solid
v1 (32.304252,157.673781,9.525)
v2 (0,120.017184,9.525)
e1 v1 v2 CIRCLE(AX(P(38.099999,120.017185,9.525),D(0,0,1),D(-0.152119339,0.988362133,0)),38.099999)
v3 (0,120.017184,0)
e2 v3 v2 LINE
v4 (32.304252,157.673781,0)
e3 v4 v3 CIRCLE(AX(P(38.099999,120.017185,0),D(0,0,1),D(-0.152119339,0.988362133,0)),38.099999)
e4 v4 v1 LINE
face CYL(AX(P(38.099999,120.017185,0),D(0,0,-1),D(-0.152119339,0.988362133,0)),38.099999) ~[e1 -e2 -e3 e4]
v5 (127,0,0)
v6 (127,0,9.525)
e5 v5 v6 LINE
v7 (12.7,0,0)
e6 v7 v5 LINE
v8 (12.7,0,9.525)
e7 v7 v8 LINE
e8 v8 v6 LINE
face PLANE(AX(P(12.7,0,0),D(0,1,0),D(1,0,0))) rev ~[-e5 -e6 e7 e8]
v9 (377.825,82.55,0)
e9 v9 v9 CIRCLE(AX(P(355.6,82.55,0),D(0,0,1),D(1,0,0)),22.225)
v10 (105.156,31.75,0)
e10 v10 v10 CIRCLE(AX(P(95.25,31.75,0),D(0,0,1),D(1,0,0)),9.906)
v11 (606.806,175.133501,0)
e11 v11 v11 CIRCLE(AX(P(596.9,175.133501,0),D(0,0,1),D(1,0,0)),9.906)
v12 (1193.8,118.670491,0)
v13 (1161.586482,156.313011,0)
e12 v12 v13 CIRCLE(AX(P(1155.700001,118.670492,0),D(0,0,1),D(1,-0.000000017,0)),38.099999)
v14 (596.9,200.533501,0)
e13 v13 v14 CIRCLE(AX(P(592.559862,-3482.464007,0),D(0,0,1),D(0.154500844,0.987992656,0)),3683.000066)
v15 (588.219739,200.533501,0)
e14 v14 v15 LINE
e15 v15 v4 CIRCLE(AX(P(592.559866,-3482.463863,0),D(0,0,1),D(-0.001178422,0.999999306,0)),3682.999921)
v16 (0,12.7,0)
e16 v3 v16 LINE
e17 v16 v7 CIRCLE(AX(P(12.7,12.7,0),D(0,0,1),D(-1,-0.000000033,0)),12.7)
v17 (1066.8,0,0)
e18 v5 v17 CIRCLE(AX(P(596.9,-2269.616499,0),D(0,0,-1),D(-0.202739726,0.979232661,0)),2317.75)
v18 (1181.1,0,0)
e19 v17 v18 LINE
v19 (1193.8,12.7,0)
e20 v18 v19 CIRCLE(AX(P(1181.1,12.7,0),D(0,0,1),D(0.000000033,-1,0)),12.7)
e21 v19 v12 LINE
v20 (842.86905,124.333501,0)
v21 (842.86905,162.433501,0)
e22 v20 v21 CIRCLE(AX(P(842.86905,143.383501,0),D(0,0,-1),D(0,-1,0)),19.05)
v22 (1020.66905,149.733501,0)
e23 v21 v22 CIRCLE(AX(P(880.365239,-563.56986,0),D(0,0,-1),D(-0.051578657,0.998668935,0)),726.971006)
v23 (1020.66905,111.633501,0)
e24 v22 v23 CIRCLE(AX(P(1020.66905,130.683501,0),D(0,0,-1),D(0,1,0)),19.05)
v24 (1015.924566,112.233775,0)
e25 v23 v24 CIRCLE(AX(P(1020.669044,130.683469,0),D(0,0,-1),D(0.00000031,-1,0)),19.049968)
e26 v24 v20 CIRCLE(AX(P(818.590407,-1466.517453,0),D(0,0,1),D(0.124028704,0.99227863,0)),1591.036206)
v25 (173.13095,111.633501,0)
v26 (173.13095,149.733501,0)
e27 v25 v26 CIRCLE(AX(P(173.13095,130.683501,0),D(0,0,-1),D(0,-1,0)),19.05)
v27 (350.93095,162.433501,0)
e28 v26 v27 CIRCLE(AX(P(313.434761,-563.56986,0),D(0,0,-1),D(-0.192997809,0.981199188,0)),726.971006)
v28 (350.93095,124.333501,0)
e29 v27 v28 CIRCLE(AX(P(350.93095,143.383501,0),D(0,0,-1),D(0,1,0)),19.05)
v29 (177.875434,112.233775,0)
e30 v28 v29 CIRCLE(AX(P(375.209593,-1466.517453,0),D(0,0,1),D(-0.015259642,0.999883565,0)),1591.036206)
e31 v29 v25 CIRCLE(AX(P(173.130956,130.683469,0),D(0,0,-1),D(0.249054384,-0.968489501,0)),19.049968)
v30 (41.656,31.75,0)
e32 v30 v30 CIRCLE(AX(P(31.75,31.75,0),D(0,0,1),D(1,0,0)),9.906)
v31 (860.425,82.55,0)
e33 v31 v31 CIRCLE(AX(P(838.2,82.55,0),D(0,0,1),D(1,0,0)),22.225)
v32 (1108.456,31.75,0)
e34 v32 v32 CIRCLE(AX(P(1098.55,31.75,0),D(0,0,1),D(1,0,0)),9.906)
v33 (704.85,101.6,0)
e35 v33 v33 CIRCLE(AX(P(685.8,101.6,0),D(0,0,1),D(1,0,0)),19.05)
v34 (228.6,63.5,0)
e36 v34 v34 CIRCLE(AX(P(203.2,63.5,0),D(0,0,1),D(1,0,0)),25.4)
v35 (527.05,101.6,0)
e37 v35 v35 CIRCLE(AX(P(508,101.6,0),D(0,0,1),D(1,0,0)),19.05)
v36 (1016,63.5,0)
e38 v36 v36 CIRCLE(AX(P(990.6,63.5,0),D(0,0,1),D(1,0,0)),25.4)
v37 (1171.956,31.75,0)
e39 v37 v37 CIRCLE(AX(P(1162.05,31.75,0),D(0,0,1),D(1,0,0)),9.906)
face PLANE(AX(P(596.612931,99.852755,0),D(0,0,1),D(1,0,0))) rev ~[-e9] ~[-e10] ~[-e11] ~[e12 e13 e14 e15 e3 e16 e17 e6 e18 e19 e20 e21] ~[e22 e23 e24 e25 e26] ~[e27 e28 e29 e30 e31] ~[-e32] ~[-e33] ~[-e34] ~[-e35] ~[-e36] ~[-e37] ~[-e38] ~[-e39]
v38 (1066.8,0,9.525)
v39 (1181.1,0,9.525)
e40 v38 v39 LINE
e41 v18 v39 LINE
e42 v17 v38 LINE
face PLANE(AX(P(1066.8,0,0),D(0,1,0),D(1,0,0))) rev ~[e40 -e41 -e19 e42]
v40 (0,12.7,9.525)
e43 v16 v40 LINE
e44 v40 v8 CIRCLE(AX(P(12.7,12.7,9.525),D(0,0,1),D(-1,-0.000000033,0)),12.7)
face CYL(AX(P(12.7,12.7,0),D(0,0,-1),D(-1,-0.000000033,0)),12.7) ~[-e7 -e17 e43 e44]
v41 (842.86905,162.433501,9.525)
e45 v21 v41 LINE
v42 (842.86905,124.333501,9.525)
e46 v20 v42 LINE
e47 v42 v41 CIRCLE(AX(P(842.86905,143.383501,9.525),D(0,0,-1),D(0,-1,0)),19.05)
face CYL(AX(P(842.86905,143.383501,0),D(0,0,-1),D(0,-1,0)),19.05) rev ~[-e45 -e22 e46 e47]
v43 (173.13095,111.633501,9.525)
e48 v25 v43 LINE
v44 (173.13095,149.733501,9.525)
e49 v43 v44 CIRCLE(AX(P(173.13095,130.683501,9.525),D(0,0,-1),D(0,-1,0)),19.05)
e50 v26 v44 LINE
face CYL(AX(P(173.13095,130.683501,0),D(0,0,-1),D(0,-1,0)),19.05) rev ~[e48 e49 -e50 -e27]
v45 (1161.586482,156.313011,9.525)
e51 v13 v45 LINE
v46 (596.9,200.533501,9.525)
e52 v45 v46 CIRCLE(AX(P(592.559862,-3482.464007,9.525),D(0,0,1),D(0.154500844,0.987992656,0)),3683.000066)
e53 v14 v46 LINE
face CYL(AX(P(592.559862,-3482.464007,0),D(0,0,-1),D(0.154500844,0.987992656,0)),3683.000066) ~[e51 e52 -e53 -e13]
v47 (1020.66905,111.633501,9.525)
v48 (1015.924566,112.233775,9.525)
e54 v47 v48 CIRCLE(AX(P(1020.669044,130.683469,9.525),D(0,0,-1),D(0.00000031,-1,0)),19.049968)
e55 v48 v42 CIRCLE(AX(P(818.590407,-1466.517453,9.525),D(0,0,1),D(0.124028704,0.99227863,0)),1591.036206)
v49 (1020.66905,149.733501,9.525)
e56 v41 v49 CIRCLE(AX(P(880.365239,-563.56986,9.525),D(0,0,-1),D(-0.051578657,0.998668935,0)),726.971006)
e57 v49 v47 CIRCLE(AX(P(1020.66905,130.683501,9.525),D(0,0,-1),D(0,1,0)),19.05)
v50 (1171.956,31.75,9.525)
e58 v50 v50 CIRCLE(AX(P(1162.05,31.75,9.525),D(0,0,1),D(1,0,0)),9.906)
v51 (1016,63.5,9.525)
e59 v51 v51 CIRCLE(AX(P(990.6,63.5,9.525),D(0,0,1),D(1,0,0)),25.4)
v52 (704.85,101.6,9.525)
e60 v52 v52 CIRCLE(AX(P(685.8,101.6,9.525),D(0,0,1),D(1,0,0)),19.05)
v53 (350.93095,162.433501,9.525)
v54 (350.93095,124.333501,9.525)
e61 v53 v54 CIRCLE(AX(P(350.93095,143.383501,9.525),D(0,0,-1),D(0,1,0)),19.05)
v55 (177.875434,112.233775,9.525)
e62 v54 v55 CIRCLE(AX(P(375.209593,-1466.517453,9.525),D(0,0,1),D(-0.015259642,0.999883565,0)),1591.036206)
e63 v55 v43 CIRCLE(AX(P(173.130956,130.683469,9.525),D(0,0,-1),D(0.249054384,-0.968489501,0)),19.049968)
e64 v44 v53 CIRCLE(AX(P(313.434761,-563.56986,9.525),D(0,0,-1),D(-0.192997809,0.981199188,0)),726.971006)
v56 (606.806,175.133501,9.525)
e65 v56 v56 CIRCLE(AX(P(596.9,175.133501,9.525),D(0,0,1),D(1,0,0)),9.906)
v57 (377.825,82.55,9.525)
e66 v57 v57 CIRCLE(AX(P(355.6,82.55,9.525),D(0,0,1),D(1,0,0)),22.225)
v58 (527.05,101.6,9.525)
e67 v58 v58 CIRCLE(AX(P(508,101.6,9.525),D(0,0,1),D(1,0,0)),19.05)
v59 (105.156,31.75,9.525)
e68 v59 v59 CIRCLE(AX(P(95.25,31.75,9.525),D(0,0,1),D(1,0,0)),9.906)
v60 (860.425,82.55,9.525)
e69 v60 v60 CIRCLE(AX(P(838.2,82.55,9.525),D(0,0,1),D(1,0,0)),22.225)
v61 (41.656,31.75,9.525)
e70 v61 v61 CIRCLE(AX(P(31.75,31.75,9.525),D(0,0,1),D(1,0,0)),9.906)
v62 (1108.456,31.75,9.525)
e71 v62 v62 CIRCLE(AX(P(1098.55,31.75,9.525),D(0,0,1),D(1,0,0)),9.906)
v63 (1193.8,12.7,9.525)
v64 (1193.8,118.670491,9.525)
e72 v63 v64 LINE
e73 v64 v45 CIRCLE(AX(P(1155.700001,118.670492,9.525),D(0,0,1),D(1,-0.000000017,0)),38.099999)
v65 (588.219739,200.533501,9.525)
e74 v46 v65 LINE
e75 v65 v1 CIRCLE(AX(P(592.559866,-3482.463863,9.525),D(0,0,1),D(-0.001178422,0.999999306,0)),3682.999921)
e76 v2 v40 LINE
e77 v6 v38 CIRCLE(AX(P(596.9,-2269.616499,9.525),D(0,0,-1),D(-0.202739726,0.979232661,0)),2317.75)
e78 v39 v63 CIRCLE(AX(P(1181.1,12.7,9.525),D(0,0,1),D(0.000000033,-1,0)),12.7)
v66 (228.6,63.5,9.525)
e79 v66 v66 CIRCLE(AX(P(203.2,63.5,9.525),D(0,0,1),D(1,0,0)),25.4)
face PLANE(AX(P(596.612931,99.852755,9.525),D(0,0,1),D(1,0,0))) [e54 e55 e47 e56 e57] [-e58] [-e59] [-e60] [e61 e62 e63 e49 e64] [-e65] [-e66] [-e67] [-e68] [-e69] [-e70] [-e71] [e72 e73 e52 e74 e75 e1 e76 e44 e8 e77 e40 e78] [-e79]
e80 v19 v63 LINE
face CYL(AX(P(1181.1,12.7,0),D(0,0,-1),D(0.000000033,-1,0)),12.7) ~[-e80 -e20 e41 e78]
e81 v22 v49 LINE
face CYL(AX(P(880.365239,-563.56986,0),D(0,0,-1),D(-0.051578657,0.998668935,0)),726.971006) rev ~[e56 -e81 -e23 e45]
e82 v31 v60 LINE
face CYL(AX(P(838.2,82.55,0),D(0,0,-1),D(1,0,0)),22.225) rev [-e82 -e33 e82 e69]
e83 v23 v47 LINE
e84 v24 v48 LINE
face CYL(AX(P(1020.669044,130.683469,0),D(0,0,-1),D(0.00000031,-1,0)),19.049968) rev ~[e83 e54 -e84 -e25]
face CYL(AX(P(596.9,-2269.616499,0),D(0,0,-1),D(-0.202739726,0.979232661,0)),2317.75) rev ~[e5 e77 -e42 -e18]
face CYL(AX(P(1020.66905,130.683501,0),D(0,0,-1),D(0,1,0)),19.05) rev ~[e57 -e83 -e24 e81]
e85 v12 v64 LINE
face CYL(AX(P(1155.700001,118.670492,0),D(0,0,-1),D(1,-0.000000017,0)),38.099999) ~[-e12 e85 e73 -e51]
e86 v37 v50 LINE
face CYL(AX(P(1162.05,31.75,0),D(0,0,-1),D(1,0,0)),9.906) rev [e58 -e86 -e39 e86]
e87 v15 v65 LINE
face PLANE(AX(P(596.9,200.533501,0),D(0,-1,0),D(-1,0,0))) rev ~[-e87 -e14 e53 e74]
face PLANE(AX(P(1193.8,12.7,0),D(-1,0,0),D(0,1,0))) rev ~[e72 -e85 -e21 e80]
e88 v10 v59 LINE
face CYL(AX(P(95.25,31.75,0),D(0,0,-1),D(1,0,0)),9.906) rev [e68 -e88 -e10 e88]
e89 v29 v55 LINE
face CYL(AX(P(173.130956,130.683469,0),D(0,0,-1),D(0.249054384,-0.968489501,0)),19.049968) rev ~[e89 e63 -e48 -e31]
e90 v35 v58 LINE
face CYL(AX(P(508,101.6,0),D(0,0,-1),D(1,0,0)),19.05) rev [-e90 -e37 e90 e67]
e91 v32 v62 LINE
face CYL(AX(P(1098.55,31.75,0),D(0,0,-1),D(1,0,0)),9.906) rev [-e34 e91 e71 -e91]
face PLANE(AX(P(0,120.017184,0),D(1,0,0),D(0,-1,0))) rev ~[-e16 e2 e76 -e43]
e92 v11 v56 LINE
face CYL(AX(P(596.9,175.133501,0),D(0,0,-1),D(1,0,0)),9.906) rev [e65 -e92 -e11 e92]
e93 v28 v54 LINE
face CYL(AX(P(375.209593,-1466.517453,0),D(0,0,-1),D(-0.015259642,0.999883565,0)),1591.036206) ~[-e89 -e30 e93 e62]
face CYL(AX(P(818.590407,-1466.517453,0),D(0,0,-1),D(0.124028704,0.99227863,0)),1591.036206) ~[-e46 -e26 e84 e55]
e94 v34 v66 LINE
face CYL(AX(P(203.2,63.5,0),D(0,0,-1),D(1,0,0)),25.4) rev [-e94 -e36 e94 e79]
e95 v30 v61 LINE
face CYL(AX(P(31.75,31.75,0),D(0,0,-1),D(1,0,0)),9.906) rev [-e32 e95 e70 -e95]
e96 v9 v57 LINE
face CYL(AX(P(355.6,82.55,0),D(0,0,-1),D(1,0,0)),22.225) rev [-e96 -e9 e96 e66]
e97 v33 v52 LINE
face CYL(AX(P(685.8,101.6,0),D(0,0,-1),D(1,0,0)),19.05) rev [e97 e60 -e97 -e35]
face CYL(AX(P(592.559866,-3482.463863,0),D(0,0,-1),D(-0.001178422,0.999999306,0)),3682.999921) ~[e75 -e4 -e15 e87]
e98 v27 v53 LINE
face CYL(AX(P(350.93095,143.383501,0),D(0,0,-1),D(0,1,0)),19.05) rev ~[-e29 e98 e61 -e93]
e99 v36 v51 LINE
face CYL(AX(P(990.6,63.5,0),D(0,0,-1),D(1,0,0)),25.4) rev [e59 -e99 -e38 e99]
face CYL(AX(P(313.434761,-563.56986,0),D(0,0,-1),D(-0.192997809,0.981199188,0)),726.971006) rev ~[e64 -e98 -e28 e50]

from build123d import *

# Parameters (mm, degrees)
F0_R     = 9.906
F0_R_2   = 25.4
F0_R_3   = 22.225
F0_R_4   = 19.05
F1_DEPTH = 9.525


with BuildPart() as f1:
    # F0 (on Top) → F1 (new body)
    with BuildSketch(Plane.XY):
        with BuildLine():
            ThreePointArc((0, 12.7), (3.719744, 3.719744), (12.7, 0))
            Line((12.7, 0), (127, 0))
            ThreePointArc((127, 0), (596.9, 48.133501), (1066.8, 0))
            Line((1066.8, 0), (1181.1, 0))
            ThreePointArc((1181.1, 0), (1190.080256, 3.719744), (1193.8, 12.7))
            Line((1193.8, 12.7), (1193.8, 118.670491))
            ThreePointArc((1193.8, 118.670491), (1184.647236, 143.442805), (1161.586482, 156.313011))
            ThreePointArc((1161.586482, 156.313011), (880.094595, 189.294871), (596.9, 200.533501))
            Line((596.9, 200.533501), (588.219739, 200.533501))
            ThreePointArc((588.219739, 200.533501), (309.44977, 189.638681), (32.304252, 157.673781))
            ThreePointArc((32.304252, 157.673781), (9.182635, 144.824361), (0, 120.017184))
            Line((0, 120.017184), (0, 12.7))
        make_face()
        with Locations((31.75, 31.75)):
            Circle(F0_R, mode=Mode.SUBTRACT)
        with Locations((95.25, 31.75)):
            Circle(F0_R, mode=Mode.SUBTRACT)
        with Locations((203.2, 63.5)):
            Circle(F0_R_2, mode=Mode.SUBTRACT)
        with Locations((355.6, 82.55)):
            Circle(F0_R_3, mode=Mode.SUBTRACT)
        with Locations((1098.55, 31.75)):
            Circle(F0_R, mode=Mode.SUBTRACT)
        with Locations((1162.05, 31.75)):
            Circle(F0_R, mode=Mode.SUBTRACT)
        with Locations((838.2, 82.55)):
            Circle(F0_R_3, mode=Mode.SUBTRACT)
        with Locations((990.6, 63.5)):
            Circle(F0_R_2, mode=Mode.SUBTRACT)
        with BuildLine():
            ThreePointArc((173.13095, 111.633501), (154.08095, 130.683501), (173.13095, 149.733501))
            ThreePointArc((173.13095, 149.733501), (261.640222, 161.553695), (350.93095, 162.433501))
            ThreePointArc((350.93095, 162.433501), (369.98095, 143.383501), (350.93095, 124.333501))
            ThreePointArc((350.93095, 124.333501), (264.238158, 120.644023), (177.875434, 112.233775))
            ThreePointArc((177.875434, 112.233775), (175.522104, 111.784165), (173.13095, 111.633501))
        make_face(mode=Mode.SUBTRACT)
        with Locations((508, 101.6)):
            Circle(F0_R_4, mode=Mode.SUBTRACT)
        with Locations((685.8, 101.6)):
            Circle(F0_R_4, mode=Mode.SUBTRACT)
        with BuildLine():
            ThreePointArc((1015.924566, 112.233775), (929.561842, 120.644023), (842.86905, 124.333501))
            ThreePointArc((842.86905, 124.333501), (823.81905, 143.383501), (842.86905, 162.433501))
            ThreePointArc((842.86905, 162.433501), (932.159778, 161.553695), (1020.66905, 149.733501))
            ThreePointArc((1020.66905, 149.733501), (1039.71905, 130.683501), (1020.66905, 111.633501))
            ThreePointArc((1020.66905, 111.633501), (1018.277896, 111.784165), (1015.924566, 112.233775))
        make_face(mode=Mode.SUBTRACT)
        with Locations((596.9, 175.133501)):
            Circle(F0_R, mode=Mode.SUBTRACT)
    extrude(amount=F1_DEPTH)


solid = f1.part
